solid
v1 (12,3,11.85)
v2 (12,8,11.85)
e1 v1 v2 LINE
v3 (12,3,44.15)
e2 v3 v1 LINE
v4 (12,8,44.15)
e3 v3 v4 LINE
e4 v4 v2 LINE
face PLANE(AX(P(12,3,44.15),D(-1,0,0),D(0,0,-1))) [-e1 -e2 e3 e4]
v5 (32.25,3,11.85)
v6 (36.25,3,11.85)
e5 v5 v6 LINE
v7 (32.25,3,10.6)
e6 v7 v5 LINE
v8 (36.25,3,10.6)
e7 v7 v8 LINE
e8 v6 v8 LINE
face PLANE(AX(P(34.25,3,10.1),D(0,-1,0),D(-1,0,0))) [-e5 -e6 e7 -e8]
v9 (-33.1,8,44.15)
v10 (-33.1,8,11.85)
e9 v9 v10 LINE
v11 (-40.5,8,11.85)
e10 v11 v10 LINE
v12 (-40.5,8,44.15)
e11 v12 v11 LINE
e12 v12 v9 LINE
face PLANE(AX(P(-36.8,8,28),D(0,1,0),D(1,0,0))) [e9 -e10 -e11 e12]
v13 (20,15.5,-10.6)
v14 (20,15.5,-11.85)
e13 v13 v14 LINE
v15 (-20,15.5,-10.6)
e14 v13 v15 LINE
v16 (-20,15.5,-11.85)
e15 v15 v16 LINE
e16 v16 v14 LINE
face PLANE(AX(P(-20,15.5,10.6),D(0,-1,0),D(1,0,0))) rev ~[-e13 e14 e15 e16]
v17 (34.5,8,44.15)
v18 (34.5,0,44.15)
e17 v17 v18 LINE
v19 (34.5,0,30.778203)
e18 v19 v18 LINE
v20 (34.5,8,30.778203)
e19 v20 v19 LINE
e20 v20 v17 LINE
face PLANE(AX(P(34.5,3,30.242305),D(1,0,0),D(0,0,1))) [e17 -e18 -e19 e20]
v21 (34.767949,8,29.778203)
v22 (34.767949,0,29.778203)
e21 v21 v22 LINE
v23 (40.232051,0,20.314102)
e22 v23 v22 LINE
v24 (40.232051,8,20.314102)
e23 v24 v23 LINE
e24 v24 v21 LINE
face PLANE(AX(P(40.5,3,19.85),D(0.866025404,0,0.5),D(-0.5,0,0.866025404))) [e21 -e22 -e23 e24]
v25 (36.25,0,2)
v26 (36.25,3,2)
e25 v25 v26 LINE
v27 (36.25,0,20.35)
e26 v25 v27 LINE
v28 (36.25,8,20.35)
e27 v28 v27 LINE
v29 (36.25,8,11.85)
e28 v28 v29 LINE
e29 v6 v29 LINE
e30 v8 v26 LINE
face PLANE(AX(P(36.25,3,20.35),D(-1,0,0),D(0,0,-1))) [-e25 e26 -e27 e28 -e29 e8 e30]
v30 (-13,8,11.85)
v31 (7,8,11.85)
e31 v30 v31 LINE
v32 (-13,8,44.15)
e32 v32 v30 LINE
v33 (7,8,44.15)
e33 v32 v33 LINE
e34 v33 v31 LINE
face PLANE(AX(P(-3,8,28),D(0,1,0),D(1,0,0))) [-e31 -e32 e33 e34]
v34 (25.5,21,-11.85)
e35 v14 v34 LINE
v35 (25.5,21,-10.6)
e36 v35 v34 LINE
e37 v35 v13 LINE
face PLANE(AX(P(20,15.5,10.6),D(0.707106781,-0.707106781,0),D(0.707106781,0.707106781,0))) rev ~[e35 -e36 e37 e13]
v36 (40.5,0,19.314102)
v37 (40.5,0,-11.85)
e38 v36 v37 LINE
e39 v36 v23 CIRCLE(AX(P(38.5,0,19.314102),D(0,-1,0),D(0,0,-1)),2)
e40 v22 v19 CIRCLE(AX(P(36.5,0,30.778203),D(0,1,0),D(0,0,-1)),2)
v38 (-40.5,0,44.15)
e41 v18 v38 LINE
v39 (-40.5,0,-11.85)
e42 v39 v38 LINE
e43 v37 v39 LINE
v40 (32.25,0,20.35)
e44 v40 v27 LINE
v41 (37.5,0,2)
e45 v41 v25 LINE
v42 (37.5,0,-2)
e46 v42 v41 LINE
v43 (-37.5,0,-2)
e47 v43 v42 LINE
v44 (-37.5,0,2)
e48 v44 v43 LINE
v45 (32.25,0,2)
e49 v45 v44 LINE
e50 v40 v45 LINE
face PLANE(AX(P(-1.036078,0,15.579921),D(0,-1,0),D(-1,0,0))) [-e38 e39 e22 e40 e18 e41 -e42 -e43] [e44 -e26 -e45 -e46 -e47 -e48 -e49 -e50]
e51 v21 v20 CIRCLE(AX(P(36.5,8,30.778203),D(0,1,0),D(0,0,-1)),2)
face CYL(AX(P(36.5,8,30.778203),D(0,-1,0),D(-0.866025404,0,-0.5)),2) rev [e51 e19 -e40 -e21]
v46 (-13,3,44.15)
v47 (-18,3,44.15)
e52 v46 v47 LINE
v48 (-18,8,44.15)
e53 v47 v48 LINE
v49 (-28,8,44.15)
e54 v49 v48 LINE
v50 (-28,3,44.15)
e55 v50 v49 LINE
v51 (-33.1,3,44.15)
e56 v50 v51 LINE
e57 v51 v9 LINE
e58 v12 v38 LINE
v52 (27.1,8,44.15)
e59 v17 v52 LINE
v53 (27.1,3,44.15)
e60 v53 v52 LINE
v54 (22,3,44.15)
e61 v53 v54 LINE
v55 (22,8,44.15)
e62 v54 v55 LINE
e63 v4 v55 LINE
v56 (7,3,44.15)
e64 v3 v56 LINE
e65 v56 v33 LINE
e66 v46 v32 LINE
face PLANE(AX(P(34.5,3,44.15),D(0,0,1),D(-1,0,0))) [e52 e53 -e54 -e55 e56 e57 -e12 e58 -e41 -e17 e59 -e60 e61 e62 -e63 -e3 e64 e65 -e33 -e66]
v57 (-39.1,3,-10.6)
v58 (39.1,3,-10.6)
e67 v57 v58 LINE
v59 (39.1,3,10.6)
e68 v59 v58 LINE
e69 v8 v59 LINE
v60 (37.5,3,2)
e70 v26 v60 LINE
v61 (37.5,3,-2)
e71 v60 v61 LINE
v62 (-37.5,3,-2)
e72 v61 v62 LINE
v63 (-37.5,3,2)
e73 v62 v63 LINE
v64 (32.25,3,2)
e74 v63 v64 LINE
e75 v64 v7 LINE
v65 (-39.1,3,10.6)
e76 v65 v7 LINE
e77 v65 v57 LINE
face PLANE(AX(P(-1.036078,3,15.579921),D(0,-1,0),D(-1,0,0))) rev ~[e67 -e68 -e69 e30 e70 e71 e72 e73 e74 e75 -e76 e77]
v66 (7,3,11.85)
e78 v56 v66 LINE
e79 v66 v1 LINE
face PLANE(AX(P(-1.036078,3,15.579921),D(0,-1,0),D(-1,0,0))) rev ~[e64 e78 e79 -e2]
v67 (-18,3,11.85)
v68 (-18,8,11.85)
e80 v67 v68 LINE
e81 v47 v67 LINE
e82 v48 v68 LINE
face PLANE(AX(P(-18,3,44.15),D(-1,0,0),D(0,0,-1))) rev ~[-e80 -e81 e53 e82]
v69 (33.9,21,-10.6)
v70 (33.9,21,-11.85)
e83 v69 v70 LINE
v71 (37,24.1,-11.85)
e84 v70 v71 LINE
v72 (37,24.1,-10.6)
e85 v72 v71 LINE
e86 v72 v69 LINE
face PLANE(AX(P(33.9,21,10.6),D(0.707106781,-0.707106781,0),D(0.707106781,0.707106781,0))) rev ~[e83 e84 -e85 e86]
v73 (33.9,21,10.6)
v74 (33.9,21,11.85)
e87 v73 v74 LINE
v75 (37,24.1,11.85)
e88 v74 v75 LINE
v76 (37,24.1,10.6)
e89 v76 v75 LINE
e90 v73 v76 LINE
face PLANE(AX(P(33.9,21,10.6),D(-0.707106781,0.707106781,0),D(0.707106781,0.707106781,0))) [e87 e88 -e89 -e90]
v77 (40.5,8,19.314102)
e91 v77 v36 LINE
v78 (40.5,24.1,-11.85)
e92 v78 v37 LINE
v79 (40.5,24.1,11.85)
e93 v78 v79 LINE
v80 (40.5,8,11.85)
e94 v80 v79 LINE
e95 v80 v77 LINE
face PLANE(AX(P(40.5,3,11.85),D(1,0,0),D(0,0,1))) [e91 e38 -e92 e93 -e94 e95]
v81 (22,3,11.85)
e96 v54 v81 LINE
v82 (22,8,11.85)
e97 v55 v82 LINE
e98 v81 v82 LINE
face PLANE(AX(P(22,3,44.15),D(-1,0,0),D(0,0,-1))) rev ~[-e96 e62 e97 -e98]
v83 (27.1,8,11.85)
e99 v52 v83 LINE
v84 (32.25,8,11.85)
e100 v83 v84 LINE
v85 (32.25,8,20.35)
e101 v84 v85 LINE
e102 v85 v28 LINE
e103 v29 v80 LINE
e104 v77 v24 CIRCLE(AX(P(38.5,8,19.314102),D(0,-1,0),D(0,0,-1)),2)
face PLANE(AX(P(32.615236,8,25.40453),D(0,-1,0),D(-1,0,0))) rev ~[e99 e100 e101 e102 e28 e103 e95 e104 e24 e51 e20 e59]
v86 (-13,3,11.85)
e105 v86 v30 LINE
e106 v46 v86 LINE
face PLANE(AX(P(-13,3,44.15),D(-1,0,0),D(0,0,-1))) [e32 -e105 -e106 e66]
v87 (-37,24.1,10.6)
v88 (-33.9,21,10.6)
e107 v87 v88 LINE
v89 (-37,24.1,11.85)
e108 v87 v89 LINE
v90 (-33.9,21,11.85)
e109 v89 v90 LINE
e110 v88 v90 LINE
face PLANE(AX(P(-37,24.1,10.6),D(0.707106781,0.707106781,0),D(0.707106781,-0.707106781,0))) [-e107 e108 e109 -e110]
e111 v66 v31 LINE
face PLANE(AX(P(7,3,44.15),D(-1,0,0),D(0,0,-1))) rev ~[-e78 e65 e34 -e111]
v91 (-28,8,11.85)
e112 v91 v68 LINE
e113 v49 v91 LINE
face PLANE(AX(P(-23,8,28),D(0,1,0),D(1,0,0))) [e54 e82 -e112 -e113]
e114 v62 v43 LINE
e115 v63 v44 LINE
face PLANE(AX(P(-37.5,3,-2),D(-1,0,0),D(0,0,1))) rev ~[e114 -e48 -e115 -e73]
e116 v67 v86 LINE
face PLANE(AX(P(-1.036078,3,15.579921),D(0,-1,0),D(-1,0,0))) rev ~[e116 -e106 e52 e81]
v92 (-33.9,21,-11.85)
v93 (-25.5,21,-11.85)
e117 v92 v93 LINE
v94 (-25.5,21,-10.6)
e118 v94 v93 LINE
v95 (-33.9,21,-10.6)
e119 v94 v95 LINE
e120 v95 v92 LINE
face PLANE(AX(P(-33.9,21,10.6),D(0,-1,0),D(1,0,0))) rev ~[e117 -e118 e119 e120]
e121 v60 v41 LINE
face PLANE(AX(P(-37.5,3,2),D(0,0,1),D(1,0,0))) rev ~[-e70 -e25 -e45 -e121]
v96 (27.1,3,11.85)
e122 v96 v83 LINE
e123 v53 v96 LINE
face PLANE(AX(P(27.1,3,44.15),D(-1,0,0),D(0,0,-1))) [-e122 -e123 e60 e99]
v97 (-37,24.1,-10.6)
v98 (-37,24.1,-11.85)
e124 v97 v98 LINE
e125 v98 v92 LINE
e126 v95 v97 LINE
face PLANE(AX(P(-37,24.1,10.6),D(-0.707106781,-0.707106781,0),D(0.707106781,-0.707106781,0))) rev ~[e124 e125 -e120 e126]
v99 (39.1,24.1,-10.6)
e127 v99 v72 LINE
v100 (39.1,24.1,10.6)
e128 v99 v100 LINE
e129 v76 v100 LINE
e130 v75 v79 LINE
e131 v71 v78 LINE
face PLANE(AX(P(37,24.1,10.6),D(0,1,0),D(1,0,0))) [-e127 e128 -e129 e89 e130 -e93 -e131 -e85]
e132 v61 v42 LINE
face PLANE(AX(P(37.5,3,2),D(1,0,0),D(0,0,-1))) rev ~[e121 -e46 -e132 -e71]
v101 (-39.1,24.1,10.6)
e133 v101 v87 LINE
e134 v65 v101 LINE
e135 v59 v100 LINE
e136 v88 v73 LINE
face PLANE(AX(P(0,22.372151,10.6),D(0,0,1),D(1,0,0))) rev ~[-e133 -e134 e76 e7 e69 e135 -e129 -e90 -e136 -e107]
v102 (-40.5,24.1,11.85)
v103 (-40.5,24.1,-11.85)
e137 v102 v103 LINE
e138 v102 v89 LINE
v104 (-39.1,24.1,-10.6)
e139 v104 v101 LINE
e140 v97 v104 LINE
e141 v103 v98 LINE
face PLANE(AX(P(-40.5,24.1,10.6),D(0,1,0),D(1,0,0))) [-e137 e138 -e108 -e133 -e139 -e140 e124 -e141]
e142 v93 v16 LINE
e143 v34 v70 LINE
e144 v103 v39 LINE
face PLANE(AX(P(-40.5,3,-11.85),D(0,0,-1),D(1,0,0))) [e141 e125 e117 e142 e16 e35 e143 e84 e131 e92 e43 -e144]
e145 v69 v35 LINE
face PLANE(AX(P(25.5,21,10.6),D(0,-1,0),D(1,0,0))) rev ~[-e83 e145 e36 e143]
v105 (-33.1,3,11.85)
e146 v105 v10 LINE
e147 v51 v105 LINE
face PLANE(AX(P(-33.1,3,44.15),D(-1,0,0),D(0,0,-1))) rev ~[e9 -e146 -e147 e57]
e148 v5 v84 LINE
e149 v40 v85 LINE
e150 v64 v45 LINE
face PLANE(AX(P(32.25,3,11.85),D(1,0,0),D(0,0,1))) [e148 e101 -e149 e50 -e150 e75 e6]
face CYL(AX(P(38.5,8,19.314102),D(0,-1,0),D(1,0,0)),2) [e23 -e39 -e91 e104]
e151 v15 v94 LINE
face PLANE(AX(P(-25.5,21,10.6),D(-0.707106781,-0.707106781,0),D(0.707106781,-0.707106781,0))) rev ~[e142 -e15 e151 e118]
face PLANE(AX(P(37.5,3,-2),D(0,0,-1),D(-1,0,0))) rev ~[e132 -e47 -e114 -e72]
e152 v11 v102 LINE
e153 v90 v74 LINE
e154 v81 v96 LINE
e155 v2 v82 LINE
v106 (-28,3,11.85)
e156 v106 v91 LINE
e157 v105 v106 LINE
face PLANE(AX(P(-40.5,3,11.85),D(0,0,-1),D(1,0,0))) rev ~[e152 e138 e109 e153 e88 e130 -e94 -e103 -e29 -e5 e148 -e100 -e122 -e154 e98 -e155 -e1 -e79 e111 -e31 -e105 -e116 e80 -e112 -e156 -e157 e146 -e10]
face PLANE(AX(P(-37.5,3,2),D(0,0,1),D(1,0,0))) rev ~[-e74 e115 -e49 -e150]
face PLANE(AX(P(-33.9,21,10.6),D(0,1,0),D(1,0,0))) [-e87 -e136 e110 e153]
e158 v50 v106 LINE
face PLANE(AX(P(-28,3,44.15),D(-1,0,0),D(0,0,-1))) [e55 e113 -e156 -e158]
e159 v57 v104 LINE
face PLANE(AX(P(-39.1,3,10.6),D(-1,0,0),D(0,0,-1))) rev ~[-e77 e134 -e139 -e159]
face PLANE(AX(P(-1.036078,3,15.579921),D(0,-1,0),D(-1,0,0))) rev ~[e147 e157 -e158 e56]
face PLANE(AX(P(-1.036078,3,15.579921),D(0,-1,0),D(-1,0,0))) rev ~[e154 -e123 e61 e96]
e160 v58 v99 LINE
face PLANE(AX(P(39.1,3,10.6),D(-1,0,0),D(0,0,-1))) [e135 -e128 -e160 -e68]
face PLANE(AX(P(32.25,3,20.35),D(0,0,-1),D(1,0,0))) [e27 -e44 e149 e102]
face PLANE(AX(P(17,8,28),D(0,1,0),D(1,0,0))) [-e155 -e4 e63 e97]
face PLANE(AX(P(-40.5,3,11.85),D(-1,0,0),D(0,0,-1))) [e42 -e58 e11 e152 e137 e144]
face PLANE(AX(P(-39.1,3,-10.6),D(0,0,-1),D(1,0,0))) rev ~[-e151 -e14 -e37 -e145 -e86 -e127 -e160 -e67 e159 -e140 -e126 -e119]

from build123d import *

# Parameters (mm, degrees)
BOSS_EXTRUDE1_DEPTH = 3
SKETCH7_W           = 81
SKETCH7_H           = 23.7
SKETCH7_W_2         = 78.2
SKETCH7_H_2         = 21.2
BOSS_EXTRUDE4_DEPTH = 23.5
CUT_EXTRUDE7_START  = -22.45
CUT_EXTRUDE7_DEPTH  = 22.45
CUT_EXTRUDE8_DEPTH  = 4
CUT_EXTRUDE9_DEPTH  = 4
SKETCH17_W          = 7.4
SKETCH17_H          = 32.3
SKETCH17_W_2        = 10
SKETCH17_W_3        = 20
BOSS_EXTRUDE5_DEPTH = 5
CUT_EXTRUDE10_DEPTH = 1.25
FILLET1_R           = 2


with BuildPart() as part:
    # Sketch1 → Boss-Extrude1 (new body)
    with BuildSketch(Plane(origin=(0, 0, 0), x_dir=(1, 0, 0), z_dir=(0, 1, 0))):
        Polygon((-40.5, -11.85), (-40.5, 11.85), (0, 11.85), (40.5, 11.85), (40.5, -11.85), (40.5, -19.85), (34.5, -30.242304845), (34.5, -44.15), (-40.5, -44.15), align=None)
    extrude(amount=BOSS_EXTRUDE1_DEPTH)

    # Sketch7 → Boss-Extrude4 (add)
    with BuildSketch(Plane(origin=(0, 3, 0), x_dir=(1, 0, 0), z_dir=(0, 1, 0))):
        Rectangle(SKETCH7_W, SKETCH7_H)
        Rectangle(SKETCH7_W_2, SKETCH7_H_2, mode=Mode.SUBTRACT)
    extrude(amount=BOSS_EXTRUDE4_DEPTH)

    # Sketch16 → Cut-Extrude7 (cut)
    with BuildSketch(Plane(origin=(0, 0, -11.85), x_dir=(-1, 0, 0), z_dir=(0, 0, -1)).offset(CUT_EXTRUDE7_START)):
        Polygon((-40.5, 26.5), (40.5, 26.5), (40.5, 24.1), (37, 24.1), (33.9, 21), (25.5, 21), (20, 15.5), (-20, 15.5), (-25.5, 21), (-33.9, 21), (-37, 24.1), (-40.5, 24.1), align=None)
    extrude(amount=CUT_EXTRUDE7_DEPTH, mode=Mode.SUBTRACT)

    # Sketch8 → Cut-Extrude8 (cut)
    with BuildSketch(Plane(origin=(0, 3, 0), x_dir=(1, 0, 0), z_dir=(0, 1, 0))):
        Polygon((33.5, -2), (37.5, -2), (37.5, 2), (-37.5, 2), (-37.5, -2), align=None)
    extrude(amount=-CUT_EXTRUDE8_DEPTH, mode=Mode.SUBTRACT)

    # Sketch14 → Cut-Extrude9 (cut)
    with BuildSketch(Plane(origin=(0, 3, 0), x_dir=(1, 0, 0), z_dir=(0, 1, 0))):
        Polygon((36.25, -11.85), (36.25, -20.35), (32.25, -20.35), (32.25, -11.85), (32.25, 0.15), (36.25, 0.15), align=None)
    extrude(amount=-CUT_EXTRUDE9_DEPTH, mode=Mode.SUBTRACT)

    # Sketch17 → Boss-Extrude5 (add)
    with BuildSketch(Plane(origin=(0, 3, 0), x_dir=(1, 0, 0), z_dir=(0, 1, 0))):
        Polygon((32.25, -20.35), (36.25, -20.35), (36.25, -11.85), (40.5, -11.85), (40.5, -19.85), (34.5, -30.242304845), (34.5, -44.15), (27.1, -44.15), (27.1, -11.85), (32.25, -11.85), align=None)
        with Locations((-36.8, -28)):
            Rectangle(SKETCH17_W, SKETCH17_H)
        with Locations((-23, -28)):
            Rectangle(SKETCH17_W_2, SKETCH17_H)
        with Locations((-3, -28)):
            Rectangle(SKETCH17_W_3, SKETCH17_H)
        with Locations((17, -28)):
            Rectangle(SKETCH17_W_2, SKETCH17_H)
    extrude(amount=BOSS_EXTRUDE5_DEPTH)

    # Sketch18 → Cut-Extrude10 (cut)
    with BuildSketch(Plane(origin=(0, 0, 10.6), x_dir=(-1, 0, 0), z_dir=(0, 0, -1))):
        Polygon((40.5, 26.5), (40.5, 24.1), (37, 24.1), (33.9, 21), (-33.9, 21), (-37, 24.1), (-40.5, 24.1), (-40.5, 26.5), align=None)
    extrude(amount=-CUT_EXTRUDE10_DEPTH, mode=Mode.SUBTRACT)

    # Fillet1
    fillet1_edges = [part.edges().sort_by_distance(p)[0] for p in [
        (40.5, 4, 19.85),
        (34.5, 4, 30.242304845),
    ]]
    fillet(fillet1_edges, radius=FILLET1_R)


solid = part.part
